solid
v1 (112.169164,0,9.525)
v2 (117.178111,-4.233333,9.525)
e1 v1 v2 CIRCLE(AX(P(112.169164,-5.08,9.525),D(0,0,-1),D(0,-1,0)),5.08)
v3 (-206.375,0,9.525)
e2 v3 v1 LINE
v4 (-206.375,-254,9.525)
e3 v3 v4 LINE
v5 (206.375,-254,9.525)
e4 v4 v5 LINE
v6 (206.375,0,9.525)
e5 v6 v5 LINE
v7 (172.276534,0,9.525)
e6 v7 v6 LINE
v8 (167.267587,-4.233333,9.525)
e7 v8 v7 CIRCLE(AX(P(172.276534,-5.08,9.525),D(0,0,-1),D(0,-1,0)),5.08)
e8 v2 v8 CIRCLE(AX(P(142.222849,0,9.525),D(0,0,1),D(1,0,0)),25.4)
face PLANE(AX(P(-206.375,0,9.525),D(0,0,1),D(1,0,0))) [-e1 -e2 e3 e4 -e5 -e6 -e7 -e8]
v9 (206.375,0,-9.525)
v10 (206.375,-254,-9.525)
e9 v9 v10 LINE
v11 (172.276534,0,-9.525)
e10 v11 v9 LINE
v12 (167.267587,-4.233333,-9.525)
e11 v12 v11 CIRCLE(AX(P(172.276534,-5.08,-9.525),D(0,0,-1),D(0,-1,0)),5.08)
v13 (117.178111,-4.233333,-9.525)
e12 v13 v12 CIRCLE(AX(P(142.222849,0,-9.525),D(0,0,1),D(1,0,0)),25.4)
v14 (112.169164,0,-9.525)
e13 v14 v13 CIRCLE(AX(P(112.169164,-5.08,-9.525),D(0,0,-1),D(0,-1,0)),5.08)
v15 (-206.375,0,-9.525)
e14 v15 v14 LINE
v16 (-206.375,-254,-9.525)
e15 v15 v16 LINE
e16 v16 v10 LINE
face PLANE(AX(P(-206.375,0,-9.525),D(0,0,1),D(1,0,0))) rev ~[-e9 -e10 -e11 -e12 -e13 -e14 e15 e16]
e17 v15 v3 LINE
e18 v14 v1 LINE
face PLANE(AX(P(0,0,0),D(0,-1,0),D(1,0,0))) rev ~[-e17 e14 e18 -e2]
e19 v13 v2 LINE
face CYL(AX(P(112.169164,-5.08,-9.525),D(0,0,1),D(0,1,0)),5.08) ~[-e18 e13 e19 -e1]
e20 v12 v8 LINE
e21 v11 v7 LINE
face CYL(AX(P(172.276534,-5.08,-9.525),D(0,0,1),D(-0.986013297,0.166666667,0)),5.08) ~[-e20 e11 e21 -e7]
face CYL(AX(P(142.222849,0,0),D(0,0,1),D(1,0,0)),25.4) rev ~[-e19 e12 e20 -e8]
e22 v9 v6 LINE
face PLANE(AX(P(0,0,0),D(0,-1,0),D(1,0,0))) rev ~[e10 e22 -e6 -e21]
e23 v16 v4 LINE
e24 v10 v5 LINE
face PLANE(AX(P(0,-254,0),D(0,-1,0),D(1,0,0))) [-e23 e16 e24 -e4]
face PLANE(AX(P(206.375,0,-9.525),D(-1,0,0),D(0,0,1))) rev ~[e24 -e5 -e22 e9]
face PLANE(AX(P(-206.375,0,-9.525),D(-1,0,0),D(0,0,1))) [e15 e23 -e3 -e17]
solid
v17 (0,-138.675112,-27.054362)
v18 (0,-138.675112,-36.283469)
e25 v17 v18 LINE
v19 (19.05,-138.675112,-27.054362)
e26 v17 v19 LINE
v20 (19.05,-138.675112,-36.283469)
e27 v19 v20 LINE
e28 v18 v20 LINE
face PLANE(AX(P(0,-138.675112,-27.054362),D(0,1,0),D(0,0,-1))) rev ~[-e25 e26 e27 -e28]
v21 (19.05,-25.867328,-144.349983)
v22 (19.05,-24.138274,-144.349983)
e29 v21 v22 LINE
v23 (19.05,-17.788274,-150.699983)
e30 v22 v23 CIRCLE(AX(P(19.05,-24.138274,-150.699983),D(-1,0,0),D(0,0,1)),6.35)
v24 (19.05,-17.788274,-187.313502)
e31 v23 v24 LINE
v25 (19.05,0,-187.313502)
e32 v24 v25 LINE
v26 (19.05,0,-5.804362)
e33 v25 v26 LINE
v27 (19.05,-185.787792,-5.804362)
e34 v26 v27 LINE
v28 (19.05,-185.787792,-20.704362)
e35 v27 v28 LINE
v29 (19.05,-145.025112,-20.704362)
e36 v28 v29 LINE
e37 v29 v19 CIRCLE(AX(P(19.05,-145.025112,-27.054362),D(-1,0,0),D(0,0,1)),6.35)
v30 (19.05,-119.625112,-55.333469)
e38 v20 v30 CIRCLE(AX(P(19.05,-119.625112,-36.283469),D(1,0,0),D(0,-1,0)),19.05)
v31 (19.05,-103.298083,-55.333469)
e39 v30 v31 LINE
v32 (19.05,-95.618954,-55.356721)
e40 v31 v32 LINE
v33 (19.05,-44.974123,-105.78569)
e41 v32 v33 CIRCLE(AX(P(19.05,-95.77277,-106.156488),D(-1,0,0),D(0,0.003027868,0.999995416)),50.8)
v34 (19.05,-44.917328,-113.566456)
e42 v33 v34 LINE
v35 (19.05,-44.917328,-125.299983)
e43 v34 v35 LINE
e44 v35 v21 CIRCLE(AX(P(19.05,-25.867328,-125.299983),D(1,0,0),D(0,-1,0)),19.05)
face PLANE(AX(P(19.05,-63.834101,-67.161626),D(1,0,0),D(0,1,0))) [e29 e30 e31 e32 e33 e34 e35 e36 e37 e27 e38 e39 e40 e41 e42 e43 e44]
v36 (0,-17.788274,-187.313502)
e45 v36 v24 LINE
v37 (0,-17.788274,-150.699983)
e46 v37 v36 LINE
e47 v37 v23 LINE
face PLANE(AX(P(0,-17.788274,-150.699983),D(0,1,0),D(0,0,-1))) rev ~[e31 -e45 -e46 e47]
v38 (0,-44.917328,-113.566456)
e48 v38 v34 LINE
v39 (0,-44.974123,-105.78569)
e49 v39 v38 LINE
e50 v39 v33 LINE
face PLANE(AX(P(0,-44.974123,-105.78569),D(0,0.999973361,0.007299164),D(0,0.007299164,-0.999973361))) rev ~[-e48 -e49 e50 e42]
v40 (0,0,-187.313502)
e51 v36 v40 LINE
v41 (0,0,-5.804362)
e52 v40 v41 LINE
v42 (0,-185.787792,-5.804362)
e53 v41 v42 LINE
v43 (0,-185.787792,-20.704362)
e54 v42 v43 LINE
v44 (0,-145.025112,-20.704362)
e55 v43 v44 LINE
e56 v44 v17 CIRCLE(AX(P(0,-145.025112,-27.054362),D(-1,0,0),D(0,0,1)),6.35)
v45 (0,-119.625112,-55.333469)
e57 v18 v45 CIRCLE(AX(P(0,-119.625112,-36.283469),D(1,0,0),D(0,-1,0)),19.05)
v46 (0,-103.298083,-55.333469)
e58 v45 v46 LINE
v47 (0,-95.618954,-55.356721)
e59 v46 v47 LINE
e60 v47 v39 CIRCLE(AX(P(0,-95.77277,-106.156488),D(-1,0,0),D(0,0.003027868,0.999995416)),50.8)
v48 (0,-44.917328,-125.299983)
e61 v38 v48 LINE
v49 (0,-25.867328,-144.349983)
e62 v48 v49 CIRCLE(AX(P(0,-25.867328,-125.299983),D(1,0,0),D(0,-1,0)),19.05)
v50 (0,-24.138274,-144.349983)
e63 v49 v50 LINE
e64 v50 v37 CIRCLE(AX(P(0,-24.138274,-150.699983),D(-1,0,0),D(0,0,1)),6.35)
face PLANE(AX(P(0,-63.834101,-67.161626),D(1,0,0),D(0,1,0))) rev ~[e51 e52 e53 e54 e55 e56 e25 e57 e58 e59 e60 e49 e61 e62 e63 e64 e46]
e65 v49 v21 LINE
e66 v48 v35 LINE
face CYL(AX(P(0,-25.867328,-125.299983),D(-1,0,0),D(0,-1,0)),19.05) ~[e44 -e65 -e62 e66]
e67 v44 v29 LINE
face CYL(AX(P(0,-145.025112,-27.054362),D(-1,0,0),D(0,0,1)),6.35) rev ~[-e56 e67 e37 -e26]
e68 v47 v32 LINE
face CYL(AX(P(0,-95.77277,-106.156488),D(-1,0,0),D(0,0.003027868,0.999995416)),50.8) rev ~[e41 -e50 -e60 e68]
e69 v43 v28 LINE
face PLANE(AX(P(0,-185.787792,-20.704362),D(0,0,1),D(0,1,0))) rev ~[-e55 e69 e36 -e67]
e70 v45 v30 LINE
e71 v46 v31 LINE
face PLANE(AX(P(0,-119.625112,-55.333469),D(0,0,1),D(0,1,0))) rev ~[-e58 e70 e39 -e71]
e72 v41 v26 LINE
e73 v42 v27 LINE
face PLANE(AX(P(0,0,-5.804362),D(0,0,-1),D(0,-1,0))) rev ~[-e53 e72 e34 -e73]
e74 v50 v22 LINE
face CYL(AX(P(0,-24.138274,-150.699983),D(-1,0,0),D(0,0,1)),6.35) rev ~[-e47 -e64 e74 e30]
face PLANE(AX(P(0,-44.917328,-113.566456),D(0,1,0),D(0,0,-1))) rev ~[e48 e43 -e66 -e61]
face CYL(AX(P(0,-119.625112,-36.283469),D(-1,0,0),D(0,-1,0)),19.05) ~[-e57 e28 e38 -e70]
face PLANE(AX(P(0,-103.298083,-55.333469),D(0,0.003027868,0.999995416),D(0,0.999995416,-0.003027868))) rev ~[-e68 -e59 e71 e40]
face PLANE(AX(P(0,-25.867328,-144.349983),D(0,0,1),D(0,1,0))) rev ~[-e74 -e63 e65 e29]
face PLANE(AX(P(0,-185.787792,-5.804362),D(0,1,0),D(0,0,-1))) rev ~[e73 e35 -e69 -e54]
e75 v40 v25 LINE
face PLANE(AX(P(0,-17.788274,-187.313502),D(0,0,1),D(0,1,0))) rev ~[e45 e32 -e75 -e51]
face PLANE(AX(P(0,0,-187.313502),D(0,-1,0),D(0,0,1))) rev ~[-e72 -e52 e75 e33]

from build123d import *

# Parameters (mm, degrees)
F0_W     = 412.75
F0_H     = 19.05
F1_DEPTH = 254
F3_DEPTH = 19.05
F4_R     = 25.4
F5_DEPTH = 27.87562
F6_R     = 5.08


with BuildPart() as f1:
    # F0 (on Front) → F1 (new body)
    with BuildSketch(Plane.XZ):
        Rectangle(F0_W, F0_H)
    extrude(amount=F1_DEPTH)

    # F4 (on Top) → F5 (cut, symmetric)
    with BuildSketch(Plane.XY):
        with Locations((142.2228491536, 0)):
            Circle(F4_R)
    extrude(amount=F5_DEPTH, both=True, mode=Mode.SUBTRACT)

    # F6
    f6_edges = [f1.edges().sort_by_distance(p)[0] for p in [
        (116.822849, 0, 0),
        (167.622849, 0, 0),
    ]]
    fillet(f6_edges, radius=F6_R)


with BuildPart() as f3:
    # F2 (on Right) → F3 (new body)
    with BuildSketch(Plane.YZ):
        with BuildLine():
            Line((0, -187.3135023741), (0, -5.8043615216))
            Line((0, -5.8043615216), (-185.7877916402, -5.8043615216))
            Line((-185.7877916402, -5.8043615216), (-185.7877916402, -20.7043622875))
            Line((-185.7877916402, -20.7043622875), (-145.0251117239, -20.7043622875))
            ThreePointArc((-145.0251117239, -20.7043622875), (-140.5349836633, -22.5642342269), (-138.6751117239, -27.0543622875))
            Line((-138.6751117239, -27.0543622875), (-138.6751117239, -36.283469063))
            ThreePointArc((-138.6751117239, -36.283469063), (-133.0954959055, -49.7538532446), (-119.6251117239, -55.333469063))
            Line((-119.6251117239, -55.333469063), (-103.2980829477, -55.333469063))
            Line((-103.2980829477, -55.333469063), (-95.6189539141, -55.3567205599))
            ThreePointArc((-95.6189539141, -55.3567205599), (-59.9285427417, -70.1588294385), (-44.9741228903, -105.7856901451))
            Line((-44.9741228903, -105.7856901451), (-44.9173282883, -113.5664560823))
            Line((-44.9173282883, -113.5664560823), (-44.9173282883, -125.2999826817))
            ThreePointArc((-44.9173282883, -125.2999826817), (-39.3377124699, -138.7703668633), (-25.8673282883, -144.3499826817))
            Line((-25.8673282883, -144.3499826817), (-24.1382742187, -144.3499826817))
            ThreePointArc((-24.1382742187, -144.3499826817), (-19.6481461582, -146.2098546212), (-17.7882742187, -150.6999826817))
            Line((-17.7882742187, -150.6999826817), (-17.7882742187, -187.3135023741))
            Line((-17.7882742187, -187.3135023741), (0, -187.3135023741))
        make_face()
    extrude(amount=F3_DEPTH)


solid = Compound([f1.part, f3.part])
